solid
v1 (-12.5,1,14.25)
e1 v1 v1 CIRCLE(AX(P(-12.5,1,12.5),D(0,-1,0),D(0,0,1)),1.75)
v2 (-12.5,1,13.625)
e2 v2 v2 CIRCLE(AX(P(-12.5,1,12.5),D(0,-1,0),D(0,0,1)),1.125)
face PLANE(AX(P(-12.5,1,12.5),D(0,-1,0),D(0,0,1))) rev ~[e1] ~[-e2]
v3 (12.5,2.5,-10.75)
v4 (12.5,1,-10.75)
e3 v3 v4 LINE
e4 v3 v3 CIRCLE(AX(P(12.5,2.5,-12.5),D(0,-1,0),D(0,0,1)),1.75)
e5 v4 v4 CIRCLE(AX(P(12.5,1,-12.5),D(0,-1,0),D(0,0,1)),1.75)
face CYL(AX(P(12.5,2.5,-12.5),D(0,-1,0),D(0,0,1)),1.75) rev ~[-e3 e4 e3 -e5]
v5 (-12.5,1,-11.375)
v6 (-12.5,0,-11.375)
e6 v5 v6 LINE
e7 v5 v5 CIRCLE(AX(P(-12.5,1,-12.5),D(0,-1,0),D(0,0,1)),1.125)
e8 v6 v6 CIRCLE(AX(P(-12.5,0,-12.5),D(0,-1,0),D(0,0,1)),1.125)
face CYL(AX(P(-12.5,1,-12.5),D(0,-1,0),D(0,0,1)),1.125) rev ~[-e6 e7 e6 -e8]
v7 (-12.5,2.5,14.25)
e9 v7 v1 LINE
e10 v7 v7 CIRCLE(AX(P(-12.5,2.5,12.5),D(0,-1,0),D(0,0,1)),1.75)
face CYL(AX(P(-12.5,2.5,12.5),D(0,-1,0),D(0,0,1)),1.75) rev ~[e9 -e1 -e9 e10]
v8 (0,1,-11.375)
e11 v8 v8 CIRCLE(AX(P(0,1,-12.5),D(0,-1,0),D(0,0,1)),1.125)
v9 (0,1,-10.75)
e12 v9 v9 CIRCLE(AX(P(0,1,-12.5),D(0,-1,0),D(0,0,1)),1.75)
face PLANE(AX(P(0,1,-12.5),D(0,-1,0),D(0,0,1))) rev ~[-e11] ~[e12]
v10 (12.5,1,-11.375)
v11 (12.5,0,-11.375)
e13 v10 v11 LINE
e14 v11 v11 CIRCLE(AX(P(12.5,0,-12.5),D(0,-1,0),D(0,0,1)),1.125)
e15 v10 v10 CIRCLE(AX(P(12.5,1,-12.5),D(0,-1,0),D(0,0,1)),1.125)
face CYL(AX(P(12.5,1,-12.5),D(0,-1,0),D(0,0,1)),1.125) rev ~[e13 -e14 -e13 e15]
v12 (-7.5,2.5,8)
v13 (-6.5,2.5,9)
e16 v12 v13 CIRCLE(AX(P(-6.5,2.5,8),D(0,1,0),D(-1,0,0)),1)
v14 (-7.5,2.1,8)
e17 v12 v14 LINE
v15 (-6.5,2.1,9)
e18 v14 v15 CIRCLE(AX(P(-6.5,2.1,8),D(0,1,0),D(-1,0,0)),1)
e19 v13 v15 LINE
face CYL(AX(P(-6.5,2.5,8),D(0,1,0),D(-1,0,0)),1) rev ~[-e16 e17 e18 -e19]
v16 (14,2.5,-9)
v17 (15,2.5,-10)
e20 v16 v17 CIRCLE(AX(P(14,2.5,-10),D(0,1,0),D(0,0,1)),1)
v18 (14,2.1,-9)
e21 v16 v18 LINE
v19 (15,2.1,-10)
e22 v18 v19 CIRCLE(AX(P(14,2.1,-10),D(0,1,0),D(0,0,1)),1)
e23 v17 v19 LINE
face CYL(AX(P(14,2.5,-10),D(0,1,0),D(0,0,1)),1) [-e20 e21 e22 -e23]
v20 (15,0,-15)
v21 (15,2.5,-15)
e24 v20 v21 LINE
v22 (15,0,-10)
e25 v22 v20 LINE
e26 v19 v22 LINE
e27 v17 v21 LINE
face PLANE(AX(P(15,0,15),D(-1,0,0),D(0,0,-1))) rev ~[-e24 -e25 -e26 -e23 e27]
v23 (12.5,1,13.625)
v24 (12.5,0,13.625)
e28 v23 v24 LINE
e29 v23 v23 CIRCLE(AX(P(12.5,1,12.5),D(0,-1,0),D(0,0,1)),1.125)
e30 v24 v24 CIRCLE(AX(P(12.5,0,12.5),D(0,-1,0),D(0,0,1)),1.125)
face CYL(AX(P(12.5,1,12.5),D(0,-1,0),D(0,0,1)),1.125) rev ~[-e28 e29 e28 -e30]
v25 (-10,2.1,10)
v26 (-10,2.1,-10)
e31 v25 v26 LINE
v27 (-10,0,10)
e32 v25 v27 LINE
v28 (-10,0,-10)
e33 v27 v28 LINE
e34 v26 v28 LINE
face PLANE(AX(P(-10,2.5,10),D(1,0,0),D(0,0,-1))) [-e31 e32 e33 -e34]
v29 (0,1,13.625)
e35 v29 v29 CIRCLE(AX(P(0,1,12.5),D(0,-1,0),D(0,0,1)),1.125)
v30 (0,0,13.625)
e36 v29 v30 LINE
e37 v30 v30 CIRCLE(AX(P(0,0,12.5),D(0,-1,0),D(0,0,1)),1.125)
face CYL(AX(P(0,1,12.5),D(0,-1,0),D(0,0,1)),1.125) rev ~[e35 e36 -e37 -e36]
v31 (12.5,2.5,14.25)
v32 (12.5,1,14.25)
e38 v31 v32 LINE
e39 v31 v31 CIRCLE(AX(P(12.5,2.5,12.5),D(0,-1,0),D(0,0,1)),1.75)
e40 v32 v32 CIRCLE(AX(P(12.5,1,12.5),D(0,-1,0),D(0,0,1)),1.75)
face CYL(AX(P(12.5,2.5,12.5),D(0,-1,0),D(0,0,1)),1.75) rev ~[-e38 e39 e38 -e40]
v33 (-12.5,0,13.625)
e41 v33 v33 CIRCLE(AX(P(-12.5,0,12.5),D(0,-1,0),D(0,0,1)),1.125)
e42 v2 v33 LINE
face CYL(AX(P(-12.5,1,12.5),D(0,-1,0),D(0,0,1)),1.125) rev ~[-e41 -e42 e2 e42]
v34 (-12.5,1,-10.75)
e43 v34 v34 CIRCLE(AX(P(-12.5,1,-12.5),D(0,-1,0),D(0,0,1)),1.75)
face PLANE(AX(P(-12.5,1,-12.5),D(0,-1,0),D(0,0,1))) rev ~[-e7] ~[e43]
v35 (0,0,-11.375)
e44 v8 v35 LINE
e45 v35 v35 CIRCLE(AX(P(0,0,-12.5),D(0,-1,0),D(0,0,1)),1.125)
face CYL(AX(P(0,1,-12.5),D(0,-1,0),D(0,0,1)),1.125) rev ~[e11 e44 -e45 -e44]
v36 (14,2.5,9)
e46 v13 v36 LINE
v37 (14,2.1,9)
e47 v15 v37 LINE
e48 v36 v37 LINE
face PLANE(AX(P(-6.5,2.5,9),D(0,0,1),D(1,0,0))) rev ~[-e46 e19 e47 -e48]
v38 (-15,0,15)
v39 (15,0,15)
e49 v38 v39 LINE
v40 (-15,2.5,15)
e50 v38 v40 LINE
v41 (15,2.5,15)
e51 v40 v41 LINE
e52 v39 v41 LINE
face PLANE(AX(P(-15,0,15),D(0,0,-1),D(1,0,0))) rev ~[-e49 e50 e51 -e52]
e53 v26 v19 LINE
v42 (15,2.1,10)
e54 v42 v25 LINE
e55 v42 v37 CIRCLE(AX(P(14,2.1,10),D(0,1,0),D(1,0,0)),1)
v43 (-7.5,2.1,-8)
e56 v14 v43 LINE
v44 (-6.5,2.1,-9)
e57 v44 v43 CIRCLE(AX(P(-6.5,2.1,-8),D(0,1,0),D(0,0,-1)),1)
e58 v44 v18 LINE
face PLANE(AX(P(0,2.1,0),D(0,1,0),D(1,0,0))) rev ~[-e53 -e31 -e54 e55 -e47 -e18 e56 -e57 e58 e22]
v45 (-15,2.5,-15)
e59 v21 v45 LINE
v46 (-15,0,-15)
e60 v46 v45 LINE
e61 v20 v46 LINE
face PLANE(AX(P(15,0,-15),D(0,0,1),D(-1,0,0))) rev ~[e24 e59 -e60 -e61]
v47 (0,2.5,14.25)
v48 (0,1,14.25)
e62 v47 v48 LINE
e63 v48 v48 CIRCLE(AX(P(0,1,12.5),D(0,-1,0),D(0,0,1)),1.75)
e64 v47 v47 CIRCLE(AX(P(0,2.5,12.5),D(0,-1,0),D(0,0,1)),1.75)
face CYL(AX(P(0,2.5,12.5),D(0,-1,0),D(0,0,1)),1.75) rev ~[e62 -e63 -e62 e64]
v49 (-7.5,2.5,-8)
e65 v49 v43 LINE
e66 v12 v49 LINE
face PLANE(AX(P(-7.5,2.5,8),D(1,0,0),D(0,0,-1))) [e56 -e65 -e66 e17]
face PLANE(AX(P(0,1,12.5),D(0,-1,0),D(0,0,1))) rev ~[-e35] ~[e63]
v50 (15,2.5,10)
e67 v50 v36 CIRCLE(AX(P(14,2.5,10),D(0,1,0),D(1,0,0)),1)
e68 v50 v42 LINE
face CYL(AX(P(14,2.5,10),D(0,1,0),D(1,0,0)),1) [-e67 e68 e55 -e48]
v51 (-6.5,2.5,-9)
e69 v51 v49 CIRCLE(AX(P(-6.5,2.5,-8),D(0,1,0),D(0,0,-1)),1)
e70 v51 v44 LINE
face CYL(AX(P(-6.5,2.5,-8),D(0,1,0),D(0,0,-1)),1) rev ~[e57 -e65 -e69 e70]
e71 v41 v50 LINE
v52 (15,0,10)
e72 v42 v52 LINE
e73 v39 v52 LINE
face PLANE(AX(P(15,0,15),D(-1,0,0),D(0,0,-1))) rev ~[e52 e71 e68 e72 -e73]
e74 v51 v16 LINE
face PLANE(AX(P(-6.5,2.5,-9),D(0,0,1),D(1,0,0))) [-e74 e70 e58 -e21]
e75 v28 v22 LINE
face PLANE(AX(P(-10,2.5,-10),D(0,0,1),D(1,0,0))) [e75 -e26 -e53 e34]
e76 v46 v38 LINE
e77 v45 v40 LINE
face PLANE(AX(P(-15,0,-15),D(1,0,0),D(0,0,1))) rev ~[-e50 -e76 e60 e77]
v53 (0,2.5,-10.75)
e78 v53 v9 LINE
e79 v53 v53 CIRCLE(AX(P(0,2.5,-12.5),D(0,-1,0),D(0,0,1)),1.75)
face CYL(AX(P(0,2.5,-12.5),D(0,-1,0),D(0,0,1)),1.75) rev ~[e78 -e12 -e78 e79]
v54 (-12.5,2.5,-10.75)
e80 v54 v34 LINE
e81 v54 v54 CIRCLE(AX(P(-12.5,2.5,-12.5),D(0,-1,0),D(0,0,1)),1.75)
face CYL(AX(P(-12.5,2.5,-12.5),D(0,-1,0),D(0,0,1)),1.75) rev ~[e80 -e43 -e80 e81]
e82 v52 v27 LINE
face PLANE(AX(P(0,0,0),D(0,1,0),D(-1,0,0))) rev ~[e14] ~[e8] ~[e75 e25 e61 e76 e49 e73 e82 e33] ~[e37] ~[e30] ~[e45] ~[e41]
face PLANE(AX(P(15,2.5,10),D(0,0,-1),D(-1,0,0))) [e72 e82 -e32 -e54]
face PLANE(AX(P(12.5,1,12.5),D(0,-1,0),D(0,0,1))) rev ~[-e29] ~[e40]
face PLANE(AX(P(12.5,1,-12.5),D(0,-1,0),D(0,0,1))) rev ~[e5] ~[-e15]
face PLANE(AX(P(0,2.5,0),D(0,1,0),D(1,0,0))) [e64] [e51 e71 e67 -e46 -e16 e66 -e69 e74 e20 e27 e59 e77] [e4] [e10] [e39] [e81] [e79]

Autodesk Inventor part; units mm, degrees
ref_plane "YZ Plane" through (0, 0, 0) normal (1, 0, 0) x (0, 1, 0)
ref_plane "XZ Plane" through (0, 0, 0) normal (0, 1, 0) x (-1, 0, 0)
ref_plane "XY Plane" through (0, 0, 0) normal (0, 0, 1) x (1, 0, 0)
sketch "Sketch1" plane through (0, 0, 0) normal (0, 1, 0) x (-1, 0, 0)
  line L0 (-15, -15) -> (15, -15)
  line L1 (15, -15) -> (15, 15)
  line L2 (15, 15) -> (-15, 15)
  line L3 (-15, 15) -> (-15, -15)
  line L4 (-15, -15) -> (15, 15) construction
  line L5 (15, -15) -> (-15, 15) construction
  point P0 (0, 0)
  dimension "d0" = 30
  dimension "d1" = 30
extrude "Extrusion1" add sketch "Sketch1" along normal blind 2.5
sketch "Sketch2" plane through (0, 2.5, 0) normal (0, 1, 0) x (1, 0, 0)
  line L0 (15, -15) -> (15, 15) projected
  line L1 (15, -10) -> (-10, -10)
  line L2 (-10, -10) -> (-10, 10)
  line L3 (-10, 10) -> (15, 10)
  line L4 (15, 10) -> (15, -10)
  point P0 (0, 0)
  point P1 (15, 10)
  dimension "d4" = 20
  dimension "d5" = 10
  dimension "d6" = 25
extrude "Extrusion2" cut sketch "Sketch2" against normal through all
sketch "Sketch3" plane through (0, 2.5, 0) normal (0, 1, 0) x (1, 0, 0)
  line L0 (15, -10) -> (-10, -10) projected
  line L1 (-10, -10) -> (-10, 10) projected
  line L2 (-10, 10) -> (15, 10) projected
  line L3 (15, -10) -> (-10, -10)
  line L4 (-10, -10) -> (-10, -9)
  line L5 (-6.5, -9) -> (14, -9)
  line L6 (15, -10) -> (15, -10)
  line L7 (15, 10) -> (-10, 10)
  line L8 (-10, 10) -> (-10, 9)
  line L9 (-6.5, 9) -> (14, 9)
  line L10 (15, 10) -> (15, 10)
  line L11 (-10, -10) -> (-7.5, -10)
  line L12 (-7.5, -8) -> (-7.5, 8)
  line L13 (-7.5, 10) -> (-10, 10)
  line L14 (-10, 10) -> (-10, -10)
  arc A0 (15, -10) -> (14, -9) centre (14, -10) ccw
  arc A1 (-7.5, -8) -> (-6.5, -9) centre (-6.5, -8) ccw
  arc A2 (-6.5, 9) -> (-7.5, 8) centre (-6.5, 8) ccw
  arc A3 (14, 9) -> (15, 10) centre (14, 10) ccw
  point P0 (0, 0)
  point P1 (15, -9)
  point P2 (15, 9)
  point P3 (-7.5, -9)
  point P4 (-7.5, 9)
  dimension "d9" = 1
  dimension "d10" = 1
  dimension "d11" = 2.5
  dimension "d14" = 1
extrude "Extrusion3" add sketch "Sketch3" against normal blind 0.4
sketch "Sketch4" plane through (0, 2.5, 0) normal (0, 1, 0) x (1, 0, 0)
  point P0 (0, 0)
  point P1 (12.5, -12.5)
  point P2 (-12.5, -12.5)
  point P3 (-12.5, 12.5)
  point P4 (12.5, 12.5)
  point P5 (-12.5, 0)
  point P6 (0, -12.5)
  point P7 (0, 12.5)
  dimension "d15" = 25
  dimension "d16" = 25
  dimension "d17" = 12.5
  dimension "d18" = 12.5
hole "Hole1" at (12.5, 2.5, 12.5) at (-12.5, 2.5, 12.5) at (-12.5, 2.5, -12.5) at (12.5, 2.5, -12.5) at (0, 2.5, 12.5) at (0, 2.5, -12.5) direction (0, -1, 0) diameter 2.25 end through all counterbore diameter 3.5 counterbore depth 1.5
equation "\"d5\" = 0.5 * d4"
equation "\"d10\" = d9"
equation "\"d17\" = 0.5 * d15"
equation "\"d18\" = 0.5 * d16"
properties part number "Flex Circuit Clamp V1"
